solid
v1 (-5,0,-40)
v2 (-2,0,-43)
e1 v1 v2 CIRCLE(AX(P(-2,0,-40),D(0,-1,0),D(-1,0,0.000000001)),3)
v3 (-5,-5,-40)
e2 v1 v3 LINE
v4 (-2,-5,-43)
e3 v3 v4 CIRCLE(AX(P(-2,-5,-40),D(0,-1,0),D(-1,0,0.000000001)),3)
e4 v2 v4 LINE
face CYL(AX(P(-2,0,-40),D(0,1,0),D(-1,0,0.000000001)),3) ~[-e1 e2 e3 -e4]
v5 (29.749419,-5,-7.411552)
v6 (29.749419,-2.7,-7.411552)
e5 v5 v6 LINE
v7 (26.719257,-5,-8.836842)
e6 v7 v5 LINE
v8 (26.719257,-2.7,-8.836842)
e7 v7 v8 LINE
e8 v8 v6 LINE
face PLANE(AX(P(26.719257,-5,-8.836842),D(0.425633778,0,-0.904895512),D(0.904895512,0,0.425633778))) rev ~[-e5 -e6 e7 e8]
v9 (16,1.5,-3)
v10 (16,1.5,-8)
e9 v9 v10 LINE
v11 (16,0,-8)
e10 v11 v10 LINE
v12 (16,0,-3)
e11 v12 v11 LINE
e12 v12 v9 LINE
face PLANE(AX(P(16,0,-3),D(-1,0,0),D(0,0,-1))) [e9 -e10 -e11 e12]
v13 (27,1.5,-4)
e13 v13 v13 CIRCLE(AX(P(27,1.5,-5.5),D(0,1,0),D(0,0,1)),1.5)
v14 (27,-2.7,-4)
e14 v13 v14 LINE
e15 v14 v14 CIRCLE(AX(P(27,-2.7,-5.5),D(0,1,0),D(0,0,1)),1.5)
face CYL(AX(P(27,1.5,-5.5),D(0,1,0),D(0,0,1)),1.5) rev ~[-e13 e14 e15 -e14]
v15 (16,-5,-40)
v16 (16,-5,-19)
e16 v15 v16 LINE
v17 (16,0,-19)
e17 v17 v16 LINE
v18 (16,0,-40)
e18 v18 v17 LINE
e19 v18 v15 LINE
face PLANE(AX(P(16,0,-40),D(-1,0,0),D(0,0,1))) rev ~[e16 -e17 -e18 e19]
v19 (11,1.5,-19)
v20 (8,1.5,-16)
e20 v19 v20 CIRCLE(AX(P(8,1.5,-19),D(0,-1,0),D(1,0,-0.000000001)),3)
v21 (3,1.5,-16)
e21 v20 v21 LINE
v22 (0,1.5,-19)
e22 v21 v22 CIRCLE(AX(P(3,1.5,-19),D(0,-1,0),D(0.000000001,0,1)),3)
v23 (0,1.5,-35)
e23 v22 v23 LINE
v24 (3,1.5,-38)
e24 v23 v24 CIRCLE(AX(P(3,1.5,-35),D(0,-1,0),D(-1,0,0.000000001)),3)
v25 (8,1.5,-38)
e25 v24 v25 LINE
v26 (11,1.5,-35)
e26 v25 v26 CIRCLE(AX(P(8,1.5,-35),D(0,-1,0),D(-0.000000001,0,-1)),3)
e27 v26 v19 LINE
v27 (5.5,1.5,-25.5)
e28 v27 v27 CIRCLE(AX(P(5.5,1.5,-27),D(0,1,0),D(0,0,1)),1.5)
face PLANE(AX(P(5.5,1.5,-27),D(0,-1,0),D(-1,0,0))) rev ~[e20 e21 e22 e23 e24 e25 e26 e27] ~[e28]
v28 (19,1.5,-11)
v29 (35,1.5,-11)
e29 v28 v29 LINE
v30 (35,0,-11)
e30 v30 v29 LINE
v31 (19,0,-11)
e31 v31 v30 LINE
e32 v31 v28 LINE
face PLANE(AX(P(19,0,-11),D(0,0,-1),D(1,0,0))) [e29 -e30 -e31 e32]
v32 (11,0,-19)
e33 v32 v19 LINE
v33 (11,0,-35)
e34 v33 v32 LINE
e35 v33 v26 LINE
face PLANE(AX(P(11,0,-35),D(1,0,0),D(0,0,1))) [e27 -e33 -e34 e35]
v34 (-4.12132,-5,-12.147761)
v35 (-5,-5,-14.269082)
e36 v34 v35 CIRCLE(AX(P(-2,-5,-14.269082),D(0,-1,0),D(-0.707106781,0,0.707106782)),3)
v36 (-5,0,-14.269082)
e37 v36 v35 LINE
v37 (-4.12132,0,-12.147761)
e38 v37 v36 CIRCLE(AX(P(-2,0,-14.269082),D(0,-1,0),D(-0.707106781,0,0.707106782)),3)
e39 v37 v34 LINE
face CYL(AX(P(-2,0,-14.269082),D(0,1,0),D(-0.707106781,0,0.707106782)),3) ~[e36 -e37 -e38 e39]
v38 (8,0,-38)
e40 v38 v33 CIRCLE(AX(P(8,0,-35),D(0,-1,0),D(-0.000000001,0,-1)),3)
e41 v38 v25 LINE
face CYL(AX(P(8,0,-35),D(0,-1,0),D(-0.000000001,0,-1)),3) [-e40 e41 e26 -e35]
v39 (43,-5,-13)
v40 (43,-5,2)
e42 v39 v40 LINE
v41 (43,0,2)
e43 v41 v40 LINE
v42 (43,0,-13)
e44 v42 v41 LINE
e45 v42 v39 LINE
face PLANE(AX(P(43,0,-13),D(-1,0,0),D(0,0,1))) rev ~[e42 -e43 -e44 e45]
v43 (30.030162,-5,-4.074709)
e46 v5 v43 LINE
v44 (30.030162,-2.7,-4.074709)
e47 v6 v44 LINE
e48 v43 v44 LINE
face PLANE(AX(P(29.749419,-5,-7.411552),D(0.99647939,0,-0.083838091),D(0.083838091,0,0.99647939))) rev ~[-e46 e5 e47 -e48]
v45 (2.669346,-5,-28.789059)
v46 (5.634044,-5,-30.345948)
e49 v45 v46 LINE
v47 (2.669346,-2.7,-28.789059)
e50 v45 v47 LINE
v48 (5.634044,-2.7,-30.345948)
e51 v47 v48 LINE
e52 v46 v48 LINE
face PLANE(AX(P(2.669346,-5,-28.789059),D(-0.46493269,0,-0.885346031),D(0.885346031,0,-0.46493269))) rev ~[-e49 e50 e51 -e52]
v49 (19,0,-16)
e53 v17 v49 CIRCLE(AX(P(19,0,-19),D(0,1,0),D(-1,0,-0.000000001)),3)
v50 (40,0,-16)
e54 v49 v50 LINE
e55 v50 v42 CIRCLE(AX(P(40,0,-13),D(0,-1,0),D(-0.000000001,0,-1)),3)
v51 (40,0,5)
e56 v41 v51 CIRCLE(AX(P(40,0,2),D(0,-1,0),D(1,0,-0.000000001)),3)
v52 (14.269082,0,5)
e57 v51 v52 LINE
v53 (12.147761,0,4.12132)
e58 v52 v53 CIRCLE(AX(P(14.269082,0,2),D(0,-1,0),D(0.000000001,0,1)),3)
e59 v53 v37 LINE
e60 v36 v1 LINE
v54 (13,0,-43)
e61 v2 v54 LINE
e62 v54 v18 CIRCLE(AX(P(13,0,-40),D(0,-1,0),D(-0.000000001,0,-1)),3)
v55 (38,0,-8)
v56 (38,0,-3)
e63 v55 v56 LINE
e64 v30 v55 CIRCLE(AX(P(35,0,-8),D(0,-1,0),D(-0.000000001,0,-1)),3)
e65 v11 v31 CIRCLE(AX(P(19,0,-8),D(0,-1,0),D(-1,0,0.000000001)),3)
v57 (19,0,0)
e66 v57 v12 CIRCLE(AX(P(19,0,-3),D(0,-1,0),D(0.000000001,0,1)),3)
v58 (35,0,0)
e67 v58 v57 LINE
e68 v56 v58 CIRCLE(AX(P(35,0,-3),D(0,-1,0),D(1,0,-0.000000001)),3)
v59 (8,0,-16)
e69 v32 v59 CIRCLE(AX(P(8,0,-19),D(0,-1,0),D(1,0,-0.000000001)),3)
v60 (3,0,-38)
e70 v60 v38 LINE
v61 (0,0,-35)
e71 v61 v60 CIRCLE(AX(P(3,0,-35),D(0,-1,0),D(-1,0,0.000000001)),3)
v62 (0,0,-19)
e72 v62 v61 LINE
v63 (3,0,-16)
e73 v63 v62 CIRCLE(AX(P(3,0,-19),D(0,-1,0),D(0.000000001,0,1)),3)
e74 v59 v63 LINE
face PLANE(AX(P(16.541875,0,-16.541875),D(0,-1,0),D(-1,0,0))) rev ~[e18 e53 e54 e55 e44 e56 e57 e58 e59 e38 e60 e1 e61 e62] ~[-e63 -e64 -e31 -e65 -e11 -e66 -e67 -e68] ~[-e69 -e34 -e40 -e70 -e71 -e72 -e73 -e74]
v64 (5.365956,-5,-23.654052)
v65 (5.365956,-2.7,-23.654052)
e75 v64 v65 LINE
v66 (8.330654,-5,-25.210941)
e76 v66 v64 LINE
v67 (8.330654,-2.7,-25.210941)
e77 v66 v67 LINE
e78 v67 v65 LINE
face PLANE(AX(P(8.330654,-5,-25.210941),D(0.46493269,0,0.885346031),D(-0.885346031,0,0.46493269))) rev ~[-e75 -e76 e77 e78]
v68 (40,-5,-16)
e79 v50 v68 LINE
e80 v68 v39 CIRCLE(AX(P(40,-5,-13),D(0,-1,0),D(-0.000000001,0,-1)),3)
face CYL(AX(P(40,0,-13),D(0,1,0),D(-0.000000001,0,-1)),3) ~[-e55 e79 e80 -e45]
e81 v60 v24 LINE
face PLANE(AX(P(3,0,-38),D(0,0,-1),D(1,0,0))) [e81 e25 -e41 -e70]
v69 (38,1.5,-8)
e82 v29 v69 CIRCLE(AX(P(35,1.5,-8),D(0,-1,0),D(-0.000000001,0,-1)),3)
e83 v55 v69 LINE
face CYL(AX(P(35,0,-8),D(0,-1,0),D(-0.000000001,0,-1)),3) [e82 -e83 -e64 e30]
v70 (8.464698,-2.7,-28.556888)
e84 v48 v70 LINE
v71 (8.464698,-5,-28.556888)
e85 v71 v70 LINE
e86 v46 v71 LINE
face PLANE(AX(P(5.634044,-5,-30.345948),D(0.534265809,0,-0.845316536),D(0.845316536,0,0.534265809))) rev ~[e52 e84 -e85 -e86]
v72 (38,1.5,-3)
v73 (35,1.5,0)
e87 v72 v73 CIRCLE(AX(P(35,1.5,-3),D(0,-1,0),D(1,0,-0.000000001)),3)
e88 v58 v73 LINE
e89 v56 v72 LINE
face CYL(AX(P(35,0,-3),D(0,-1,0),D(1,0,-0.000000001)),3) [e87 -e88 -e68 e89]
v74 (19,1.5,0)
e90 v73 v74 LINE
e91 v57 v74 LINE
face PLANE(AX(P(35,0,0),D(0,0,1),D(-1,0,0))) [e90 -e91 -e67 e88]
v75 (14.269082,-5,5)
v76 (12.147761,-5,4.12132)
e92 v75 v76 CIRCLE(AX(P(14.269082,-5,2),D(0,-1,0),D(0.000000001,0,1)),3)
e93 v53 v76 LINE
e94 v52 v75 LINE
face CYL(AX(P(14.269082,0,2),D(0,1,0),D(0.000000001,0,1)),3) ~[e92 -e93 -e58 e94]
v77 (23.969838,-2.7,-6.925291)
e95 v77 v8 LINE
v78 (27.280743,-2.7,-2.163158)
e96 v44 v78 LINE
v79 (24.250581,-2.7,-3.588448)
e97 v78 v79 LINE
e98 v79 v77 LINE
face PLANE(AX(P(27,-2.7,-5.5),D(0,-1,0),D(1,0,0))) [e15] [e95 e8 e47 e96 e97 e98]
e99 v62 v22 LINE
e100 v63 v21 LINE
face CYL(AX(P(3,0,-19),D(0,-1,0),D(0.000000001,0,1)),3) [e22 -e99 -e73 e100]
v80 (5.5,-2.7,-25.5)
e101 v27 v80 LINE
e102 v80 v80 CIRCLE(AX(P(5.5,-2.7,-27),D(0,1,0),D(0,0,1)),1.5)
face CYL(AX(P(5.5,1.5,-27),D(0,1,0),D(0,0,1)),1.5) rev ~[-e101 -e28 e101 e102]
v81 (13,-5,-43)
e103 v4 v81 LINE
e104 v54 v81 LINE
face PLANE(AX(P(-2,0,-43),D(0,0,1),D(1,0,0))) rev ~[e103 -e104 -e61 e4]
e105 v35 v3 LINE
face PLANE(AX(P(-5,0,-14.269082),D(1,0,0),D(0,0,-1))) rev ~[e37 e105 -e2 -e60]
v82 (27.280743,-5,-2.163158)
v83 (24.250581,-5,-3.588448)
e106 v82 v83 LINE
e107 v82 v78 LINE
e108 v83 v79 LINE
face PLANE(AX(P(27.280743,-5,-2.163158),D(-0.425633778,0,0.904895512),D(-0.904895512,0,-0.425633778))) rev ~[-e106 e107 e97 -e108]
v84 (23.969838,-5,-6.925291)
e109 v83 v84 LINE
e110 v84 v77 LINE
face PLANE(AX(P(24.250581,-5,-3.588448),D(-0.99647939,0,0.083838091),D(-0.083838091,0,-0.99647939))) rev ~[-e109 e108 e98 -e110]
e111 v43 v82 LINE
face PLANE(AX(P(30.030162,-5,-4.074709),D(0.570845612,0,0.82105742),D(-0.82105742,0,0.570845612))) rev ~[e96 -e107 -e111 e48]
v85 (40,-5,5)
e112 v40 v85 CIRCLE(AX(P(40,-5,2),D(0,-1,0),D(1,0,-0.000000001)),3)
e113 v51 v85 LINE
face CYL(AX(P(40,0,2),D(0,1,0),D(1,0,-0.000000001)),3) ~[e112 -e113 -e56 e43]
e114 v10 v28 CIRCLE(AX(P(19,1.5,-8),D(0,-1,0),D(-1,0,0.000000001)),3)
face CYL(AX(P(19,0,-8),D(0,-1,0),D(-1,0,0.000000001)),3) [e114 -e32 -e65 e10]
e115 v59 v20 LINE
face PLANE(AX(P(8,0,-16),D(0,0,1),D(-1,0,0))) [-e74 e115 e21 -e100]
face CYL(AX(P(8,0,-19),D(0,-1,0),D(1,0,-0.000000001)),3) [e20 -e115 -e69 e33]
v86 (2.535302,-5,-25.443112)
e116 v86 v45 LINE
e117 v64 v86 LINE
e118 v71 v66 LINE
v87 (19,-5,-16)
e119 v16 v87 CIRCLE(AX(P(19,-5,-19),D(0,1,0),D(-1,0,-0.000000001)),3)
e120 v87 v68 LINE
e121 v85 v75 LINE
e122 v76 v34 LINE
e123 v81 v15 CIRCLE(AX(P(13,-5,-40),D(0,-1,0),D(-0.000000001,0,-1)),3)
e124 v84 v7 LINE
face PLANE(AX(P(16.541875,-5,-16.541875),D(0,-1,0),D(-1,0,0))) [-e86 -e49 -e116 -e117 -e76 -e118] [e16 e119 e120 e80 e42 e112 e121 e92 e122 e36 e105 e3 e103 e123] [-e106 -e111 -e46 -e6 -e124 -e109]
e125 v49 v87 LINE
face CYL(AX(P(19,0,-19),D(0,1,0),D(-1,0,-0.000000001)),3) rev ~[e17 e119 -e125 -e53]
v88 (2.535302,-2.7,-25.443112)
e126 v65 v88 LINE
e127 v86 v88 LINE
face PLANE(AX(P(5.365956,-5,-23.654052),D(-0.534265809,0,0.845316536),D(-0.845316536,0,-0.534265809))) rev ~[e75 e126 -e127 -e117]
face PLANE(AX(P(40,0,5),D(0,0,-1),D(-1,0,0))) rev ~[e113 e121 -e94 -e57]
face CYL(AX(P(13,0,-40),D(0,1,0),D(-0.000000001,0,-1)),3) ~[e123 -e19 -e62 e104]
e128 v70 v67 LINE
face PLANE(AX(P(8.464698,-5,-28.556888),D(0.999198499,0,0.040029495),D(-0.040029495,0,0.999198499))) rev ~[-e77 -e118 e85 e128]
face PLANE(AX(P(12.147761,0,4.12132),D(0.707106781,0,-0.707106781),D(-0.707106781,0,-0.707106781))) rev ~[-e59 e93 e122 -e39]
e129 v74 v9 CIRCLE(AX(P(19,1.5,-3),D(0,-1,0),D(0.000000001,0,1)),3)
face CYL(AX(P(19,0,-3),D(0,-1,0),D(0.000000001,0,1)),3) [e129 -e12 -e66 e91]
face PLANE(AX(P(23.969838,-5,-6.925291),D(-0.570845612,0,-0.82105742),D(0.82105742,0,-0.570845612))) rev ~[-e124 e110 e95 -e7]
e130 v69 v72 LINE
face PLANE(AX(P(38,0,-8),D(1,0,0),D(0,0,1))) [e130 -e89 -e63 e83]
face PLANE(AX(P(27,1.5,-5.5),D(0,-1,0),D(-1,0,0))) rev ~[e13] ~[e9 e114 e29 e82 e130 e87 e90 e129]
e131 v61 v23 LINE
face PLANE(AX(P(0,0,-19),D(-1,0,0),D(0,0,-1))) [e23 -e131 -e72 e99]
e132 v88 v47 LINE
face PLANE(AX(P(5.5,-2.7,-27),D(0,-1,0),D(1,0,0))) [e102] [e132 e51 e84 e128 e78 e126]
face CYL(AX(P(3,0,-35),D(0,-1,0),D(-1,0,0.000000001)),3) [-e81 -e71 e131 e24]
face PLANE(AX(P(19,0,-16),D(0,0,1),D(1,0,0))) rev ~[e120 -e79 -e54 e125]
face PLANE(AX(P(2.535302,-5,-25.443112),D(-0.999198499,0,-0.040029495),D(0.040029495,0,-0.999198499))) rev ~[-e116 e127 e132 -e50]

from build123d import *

# Parameters (mm, degrees)
SALIENTE_EXTRUIR1_DEPTH   = 1.5
SALIENTE_EXTRUIR1_2_DEPTH = 1.5
SALIENTE_EXTRUIR2_DEPTH   = 5
CROQUIS3_R                = 1.5
CORTAR_EXTRUIR1_DEPTH     = 45
CORTAR_EXTRUIR2_DEPTH     = 2.3
CROQUIS5_R                = 1.5
CORTAR_EXTRUIR3_DEPTH     = 42.3
CORTAR_EXTRUIR4_DEPTH     = 2.3


with BuildPart() as part:
    # Croquis1 → Saliente-Extruir1 (new body)
    with BuildSketch(Plane(origin=(0, 0, 0), x_dir=(1, 0, 0), z_dir=(0, 1, 0))):
        with BuildLine():
            Line((3, 38), (8, 38))
            ThreePointArc((8, 38), (10.121320344, 37.121320344), (11, 35))
            Line((11, 35), (11, 19))
            ThreePointArc((11, 19), (10.121320344, 16.878679656), (8, 16))
            Line((8, 16), (3, 16))
            ThreePointArc((3, 16), (0.878679656, 16.878679656), (0, 19))
            Line((0, 19), (0, 35))
            ThreePointArc((0, 35), (0.878679656, 37.121320344), (3, 38))
        make_face()
    extrude(amount=SALIENTE_EXTRUIR1_DEPTH)



with BuildPart() as body_2:
    # Croquis1 → Saliente-Extruir1 2 (new body)
    with BuildSketch(Plane(origin=(0, 0, 0), x_dir=(1, 0, 0), z_dir=(0, 1, 0))):
        with BuildLine():
            Line((19, 11), (35, 11))
            ThreePointArc((35, 11), (37.121320344, 10.121320344), (38, 8))
            Line((38, 8), (38, 3))
            ThreePointArc((38, 3), (37.121320344, 0.878679656), (35, 0))
            Line((35, 0), (19, 0))
            ThreePointArc((19, 0), (16.878679656, 0.878679656), (16, 3))
            Line((16, 3), (16, 8))
            ThreePointArc((16, 8), (16.878679656, 10.121320344), (19, 11))
        make_face()
    extrude(amount=SALIENTE_EXTRUIR1_2_DEPTH)


with BuildPart() as part_1:
    add(part.part)

    add(body_2.part)  # Saliente-Extruir2 merges body 2
    # Croquis2 → Saliente-Extruir2 (add)
    with BuildSketch(Plane(origin=(0, 0, 0), x_dir=(1, 0, 0), z_dir=(0, 1, 0))):
        with BuildLine():
            Line((-2, 43), (13, 43))
            ThreePointArc((13, 43), (15.121320344, 42.121320344), (16, 40))
            Line((16, 40), (16, 19))
            ThreePointArc((16, 19), (16.878679656, 16.878679656), (19, 16))
            Line((19, 16), (40, 16))
            ThreePointArc((40, 16), (42.121320344, 15.121320344), (43, 13))
            Line((43, 13), (43, -2))
            ThreePointArc((43, -2), (42.121320344, -4.121320344), (40, -5))
            Line((40, -5), (14.269081713, -5))
            ThreePointArc((14.269081713, -5), (13.121031415, -4.771638598), (12.147761369, -4.121320344))
            Line((12.147761369, -4.121320344), (-4.121320344, 12.147761369))
            ThreePointArc((-4.121320344, 12.147761369), (-4.771638598, 13.121031415), (-5, 14.269081713))
            Line((-5, 14.269081713), (-5, 40))
            ThreePointArc((-5, 40), (-4.121320344, 42.121320344), (-2, 43))
        make_face()
    extrude(amount=-SALIENTE_EXTRUIR2_DEPTH)

    # Croquis3 → Cortar-Extruir1 (cut)
    with BuildSketch(Plane(origin=(0, 1.5, 0), x_dir=(1, 0, 0), z_dir=(0, 1, 0))):
        with Locations((5.5, 27)):
            Circle(CROQUIS3_R)
    extrude(amount=-CORTAR_EXTRUIR1_DEPTH, mode=Mode.SUBTRACT)

    # Croquis4 → Cortar-Extruir2 (cut)
    with BuildSketch(Plane.XZ.offset(5)):
        Polygon((2.669346369, -28.789059349), (5.634044029, -30.345947628), (8.464697661, -28.556888279), (8.330653631, -25.210940651), (5.365955971, -23.654052372), (2.535302339, -25.443111721), align=None)
    extrude(amount=-CORTAR_EXTRUIR2_DEPTH, mode=Mode.SUBTRACT)

    # Croquis5 → Cortar-Extruir3 (cut)
    with BuildSketch(Plane(origin=(0, 1.5, 0), x_dir=(1, 0, 0), z_dir=(0, 1, 0))):
        with Locations((27, 5.5)):
            Circle(CROQUIS5_R)
    extrude(amount=-CORTAR_EXTRUIR3_DEPTH, mode=Mode.SUBTRACT)

    # Croquis8 → Cortar-Extruir4 (cut)
    with BuildSketch(Plane.XZ.offset(5)):
        Polygon((24.250581209, -3.588448368), (23.96983833, -6.925290703), (26.719257122, -8.836842335), (29.749418791, -7.411551632), (30.03016167, -4.074709297), (27.280742878, -2.163157665), align=None)
    extrude(amount=-CORTAR_EXTRUIR4_DEPTH, mode=Mode.SUBTRACT)


solid = part_1.part
